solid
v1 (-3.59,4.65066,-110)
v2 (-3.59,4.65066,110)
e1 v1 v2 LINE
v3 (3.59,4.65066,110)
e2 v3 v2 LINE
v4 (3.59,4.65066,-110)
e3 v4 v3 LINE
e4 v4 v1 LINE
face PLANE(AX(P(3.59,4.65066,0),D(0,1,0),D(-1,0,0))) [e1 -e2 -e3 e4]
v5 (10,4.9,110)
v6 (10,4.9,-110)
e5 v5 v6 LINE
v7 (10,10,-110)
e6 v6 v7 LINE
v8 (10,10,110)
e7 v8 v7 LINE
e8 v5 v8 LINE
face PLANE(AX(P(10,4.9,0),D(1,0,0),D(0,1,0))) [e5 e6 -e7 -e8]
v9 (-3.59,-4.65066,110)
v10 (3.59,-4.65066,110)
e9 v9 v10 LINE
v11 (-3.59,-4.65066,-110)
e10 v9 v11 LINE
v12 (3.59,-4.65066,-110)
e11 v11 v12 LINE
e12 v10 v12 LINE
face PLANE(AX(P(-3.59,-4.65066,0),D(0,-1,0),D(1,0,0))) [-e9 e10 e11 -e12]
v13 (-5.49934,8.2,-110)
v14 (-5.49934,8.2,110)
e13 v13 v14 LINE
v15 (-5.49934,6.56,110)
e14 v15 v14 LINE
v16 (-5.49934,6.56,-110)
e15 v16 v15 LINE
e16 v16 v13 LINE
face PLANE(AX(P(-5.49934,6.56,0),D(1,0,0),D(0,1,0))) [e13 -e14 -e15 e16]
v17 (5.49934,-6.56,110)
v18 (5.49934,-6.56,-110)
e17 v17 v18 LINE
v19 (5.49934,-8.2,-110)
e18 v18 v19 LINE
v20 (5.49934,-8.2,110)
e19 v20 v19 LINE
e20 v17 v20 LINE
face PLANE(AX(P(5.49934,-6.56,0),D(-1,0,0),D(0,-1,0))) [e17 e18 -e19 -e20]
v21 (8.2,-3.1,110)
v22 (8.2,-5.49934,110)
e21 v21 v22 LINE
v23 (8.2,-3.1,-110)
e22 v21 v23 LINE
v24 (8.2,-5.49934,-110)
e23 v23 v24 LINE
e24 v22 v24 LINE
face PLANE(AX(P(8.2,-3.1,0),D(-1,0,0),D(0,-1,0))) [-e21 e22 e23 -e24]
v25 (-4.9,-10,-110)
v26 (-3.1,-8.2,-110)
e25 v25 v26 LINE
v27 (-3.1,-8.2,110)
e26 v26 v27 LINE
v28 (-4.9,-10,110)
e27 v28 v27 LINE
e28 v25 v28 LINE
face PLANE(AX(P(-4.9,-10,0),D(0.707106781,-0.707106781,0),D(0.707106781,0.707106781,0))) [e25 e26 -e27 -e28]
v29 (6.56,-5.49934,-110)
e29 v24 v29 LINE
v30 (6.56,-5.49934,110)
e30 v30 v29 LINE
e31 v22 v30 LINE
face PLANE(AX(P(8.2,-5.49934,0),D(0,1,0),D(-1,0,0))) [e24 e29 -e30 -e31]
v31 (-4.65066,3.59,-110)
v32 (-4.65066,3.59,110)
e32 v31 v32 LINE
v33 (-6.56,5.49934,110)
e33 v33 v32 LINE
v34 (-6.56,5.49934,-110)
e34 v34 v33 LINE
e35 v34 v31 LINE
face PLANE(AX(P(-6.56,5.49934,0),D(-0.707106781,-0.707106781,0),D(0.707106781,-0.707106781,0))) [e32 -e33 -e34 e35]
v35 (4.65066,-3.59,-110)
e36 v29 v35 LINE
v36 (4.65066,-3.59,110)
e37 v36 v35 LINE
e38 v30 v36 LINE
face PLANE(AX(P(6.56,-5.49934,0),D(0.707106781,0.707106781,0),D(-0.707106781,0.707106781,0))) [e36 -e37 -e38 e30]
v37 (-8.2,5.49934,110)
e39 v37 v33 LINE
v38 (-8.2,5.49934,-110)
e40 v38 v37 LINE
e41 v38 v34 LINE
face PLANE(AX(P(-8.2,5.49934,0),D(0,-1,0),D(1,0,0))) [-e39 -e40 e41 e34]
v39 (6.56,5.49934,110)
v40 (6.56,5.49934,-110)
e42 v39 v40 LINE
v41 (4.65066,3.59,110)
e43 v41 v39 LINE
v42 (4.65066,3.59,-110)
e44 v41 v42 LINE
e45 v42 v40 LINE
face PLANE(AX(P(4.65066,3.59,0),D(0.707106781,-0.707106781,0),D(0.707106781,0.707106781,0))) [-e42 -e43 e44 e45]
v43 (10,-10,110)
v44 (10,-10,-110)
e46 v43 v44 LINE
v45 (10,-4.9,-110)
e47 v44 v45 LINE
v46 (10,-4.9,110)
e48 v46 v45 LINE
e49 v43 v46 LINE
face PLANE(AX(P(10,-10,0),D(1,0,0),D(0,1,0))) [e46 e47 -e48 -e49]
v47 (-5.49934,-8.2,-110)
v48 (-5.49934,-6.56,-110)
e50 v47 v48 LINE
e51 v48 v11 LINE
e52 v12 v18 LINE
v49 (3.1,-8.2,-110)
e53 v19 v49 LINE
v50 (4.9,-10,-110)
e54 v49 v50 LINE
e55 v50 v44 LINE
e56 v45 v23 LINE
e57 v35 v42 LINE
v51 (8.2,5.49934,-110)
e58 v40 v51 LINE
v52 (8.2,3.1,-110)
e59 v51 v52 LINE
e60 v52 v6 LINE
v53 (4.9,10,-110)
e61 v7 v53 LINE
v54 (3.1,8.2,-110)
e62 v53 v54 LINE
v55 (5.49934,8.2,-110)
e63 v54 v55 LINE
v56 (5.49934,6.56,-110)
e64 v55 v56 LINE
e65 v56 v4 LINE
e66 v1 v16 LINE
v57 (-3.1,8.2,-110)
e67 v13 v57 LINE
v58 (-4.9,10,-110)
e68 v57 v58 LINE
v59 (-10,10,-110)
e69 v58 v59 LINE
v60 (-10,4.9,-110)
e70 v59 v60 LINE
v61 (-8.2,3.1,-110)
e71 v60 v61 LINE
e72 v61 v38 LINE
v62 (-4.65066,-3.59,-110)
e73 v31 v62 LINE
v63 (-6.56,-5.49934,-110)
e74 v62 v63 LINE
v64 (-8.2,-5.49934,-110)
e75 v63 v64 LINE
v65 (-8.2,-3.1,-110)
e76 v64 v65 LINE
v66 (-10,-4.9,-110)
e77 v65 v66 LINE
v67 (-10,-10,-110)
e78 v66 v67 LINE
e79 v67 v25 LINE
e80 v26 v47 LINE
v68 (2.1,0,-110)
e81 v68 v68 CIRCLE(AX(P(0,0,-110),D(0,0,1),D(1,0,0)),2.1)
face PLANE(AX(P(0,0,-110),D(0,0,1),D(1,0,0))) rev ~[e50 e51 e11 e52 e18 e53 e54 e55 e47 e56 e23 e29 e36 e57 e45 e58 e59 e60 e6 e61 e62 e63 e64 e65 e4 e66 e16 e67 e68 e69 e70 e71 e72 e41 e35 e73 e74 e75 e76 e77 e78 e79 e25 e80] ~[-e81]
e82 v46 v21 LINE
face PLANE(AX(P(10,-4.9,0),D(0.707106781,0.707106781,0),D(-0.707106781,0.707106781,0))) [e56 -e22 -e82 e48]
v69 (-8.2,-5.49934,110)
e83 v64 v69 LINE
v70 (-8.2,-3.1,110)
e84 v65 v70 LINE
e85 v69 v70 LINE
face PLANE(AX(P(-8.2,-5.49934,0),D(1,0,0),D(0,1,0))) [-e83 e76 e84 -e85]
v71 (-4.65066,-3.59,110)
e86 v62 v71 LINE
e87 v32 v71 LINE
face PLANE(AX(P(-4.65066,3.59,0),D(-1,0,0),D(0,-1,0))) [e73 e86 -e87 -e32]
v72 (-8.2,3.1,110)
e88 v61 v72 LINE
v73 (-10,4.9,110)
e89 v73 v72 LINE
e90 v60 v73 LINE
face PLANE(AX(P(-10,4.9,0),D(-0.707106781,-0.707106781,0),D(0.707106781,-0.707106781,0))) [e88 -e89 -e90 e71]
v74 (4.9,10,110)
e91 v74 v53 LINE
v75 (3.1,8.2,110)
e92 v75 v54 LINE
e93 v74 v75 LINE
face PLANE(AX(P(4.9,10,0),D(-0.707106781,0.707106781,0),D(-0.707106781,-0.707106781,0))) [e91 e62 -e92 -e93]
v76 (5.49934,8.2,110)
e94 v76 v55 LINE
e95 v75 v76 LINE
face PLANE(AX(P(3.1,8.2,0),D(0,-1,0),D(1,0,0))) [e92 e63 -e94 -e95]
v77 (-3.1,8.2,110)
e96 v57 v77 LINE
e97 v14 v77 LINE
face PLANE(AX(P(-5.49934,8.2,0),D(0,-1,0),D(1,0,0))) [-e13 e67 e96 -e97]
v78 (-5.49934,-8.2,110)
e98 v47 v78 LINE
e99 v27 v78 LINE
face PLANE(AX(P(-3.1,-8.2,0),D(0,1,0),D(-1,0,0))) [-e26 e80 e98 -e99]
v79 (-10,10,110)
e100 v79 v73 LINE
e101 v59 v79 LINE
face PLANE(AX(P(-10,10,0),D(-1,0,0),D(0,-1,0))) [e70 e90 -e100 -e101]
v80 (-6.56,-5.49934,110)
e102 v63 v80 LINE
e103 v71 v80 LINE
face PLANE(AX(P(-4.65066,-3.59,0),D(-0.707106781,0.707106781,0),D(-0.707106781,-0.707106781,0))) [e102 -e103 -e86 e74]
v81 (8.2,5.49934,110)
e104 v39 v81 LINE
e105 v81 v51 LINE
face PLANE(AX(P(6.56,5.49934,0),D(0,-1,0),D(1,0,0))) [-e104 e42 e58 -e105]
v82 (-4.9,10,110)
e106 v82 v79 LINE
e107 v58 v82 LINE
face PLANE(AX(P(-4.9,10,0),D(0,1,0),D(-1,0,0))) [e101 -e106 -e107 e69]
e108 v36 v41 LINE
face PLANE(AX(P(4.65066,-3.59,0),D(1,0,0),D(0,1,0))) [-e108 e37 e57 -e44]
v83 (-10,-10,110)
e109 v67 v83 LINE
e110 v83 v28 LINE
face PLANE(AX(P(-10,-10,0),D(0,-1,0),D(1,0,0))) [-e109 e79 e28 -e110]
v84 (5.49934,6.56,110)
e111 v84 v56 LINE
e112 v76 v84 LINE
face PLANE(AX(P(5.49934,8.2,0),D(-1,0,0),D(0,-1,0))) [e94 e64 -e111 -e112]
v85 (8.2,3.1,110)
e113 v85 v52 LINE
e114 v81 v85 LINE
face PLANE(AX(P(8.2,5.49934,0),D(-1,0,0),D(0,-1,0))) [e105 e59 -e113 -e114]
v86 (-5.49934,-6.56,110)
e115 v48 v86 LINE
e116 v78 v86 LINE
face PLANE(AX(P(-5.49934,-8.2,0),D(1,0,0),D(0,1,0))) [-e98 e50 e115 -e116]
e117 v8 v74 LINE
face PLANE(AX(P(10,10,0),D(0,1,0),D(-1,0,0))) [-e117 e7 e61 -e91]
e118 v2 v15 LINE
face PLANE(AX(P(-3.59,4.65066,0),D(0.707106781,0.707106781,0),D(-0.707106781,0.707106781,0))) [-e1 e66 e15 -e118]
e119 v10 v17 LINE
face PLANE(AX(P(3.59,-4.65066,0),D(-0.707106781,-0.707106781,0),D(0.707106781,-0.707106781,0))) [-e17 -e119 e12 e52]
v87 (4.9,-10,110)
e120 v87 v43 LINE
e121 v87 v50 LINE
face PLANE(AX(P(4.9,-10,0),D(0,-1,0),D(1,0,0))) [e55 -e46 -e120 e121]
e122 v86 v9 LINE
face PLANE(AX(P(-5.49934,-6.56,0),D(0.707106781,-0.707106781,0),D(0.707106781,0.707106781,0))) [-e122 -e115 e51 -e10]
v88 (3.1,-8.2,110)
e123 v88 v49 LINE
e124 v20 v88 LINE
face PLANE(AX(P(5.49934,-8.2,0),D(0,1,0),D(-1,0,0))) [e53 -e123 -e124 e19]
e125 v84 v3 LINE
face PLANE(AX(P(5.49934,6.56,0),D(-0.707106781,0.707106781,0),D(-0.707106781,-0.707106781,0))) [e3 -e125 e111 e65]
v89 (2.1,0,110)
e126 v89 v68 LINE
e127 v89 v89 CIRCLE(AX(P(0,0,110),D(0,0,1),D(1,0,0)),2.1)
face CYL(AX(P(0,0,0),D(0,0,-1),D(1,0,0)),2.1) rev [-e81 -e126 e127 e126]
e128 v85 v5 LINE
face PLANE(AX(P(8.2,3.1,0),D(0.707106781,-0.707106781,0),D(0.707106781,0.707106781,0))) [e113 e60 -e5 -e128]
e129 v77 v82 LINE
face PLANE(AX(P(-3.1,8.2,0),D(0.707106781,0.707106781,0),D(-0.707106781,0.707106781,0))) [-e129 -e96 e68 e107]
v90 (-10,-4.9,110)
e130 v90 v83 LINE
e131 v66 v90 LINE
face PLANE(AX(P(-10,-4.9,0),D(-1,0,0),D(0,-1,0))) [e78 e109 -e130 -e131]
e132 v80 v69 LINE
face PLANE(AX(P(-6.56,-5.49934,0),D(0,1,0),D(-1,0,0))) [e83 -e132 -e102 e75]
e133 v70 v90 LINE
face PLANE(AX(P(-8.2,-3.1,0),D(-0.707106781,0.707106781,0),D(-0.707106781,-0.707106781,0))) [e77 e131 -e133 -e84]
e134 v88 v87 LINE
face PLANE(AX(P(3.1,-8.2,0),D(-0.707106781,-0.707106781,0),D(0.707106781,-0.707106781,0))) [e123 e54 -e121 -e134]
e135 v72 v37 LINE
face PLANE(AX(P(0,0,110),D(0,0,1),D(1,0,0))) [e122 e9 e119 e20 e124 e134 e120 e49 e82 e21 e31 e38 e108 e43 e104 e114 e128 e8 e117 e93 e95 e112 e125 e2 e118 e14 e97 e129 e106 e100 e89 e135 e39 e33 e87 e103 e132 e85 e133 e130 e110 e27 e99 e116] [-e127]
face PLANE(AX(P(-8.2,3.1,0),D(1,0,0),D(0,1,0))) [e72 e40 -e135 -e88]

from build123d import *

# Parameters (mm, degrees)
SKETCH1_R           = 2.1
BOSS_EXTRUDE1_DEPTH = 110


with BuildPart() as part:
    # Sketch1 → Boss-Extrude1 (new body, symmetric)
    with BuildSketch(Plane.XY):
        Polygon((5.499339828, 6.56), (3.59, 4.650660172), (-3.59, 4.650660172), (-5.499339828, 6.56), (-5.499339828, 8.2), (-3.1, 8.2), (-4.9, 10), (-10, 10), (-10, 4.9), (-8.2, 3.1), (-8.2, 5.499339828), (-6.56, 5.499339828), (-4.650660172, 3.59), (-4.650660172, -3.59), (-6.56, -5.499339828), (-8.2, -5.499339828), (-8.2, -3.1), (-10, -4.9), (-10, -10), (-4.9, -10), (-3.1, -8.2), (-5.499339828, -8.2), (-5.499339828, -6.56), (-3.59, -4.650660172), (3.59, -4.650660172), (5.499339828, -6.56), (5.499339828, -8.2), (3.1, -8.2), (4.9, -10), (10, -10), (10, -4.9), (8.2, -3.1), (8.2, -5.499339828), (6.56, -5.499339828), (4.650660172, -3.59), (4.650660172, 3.59), (6.56, 5.499339828), (8.2, 5.499339828), (8.2, 3.1), (10, 4.9), (10, 10), (4.9, 10), (3.1, 8.2), (5.499339828, 8.2), align=None)
        Circle(SKETCH1_R, mode=Mode.SUBTRACT)
    extrude(amount=BOSS_EXTRUDE1_DEPTH, both=True)


solid = part.part
